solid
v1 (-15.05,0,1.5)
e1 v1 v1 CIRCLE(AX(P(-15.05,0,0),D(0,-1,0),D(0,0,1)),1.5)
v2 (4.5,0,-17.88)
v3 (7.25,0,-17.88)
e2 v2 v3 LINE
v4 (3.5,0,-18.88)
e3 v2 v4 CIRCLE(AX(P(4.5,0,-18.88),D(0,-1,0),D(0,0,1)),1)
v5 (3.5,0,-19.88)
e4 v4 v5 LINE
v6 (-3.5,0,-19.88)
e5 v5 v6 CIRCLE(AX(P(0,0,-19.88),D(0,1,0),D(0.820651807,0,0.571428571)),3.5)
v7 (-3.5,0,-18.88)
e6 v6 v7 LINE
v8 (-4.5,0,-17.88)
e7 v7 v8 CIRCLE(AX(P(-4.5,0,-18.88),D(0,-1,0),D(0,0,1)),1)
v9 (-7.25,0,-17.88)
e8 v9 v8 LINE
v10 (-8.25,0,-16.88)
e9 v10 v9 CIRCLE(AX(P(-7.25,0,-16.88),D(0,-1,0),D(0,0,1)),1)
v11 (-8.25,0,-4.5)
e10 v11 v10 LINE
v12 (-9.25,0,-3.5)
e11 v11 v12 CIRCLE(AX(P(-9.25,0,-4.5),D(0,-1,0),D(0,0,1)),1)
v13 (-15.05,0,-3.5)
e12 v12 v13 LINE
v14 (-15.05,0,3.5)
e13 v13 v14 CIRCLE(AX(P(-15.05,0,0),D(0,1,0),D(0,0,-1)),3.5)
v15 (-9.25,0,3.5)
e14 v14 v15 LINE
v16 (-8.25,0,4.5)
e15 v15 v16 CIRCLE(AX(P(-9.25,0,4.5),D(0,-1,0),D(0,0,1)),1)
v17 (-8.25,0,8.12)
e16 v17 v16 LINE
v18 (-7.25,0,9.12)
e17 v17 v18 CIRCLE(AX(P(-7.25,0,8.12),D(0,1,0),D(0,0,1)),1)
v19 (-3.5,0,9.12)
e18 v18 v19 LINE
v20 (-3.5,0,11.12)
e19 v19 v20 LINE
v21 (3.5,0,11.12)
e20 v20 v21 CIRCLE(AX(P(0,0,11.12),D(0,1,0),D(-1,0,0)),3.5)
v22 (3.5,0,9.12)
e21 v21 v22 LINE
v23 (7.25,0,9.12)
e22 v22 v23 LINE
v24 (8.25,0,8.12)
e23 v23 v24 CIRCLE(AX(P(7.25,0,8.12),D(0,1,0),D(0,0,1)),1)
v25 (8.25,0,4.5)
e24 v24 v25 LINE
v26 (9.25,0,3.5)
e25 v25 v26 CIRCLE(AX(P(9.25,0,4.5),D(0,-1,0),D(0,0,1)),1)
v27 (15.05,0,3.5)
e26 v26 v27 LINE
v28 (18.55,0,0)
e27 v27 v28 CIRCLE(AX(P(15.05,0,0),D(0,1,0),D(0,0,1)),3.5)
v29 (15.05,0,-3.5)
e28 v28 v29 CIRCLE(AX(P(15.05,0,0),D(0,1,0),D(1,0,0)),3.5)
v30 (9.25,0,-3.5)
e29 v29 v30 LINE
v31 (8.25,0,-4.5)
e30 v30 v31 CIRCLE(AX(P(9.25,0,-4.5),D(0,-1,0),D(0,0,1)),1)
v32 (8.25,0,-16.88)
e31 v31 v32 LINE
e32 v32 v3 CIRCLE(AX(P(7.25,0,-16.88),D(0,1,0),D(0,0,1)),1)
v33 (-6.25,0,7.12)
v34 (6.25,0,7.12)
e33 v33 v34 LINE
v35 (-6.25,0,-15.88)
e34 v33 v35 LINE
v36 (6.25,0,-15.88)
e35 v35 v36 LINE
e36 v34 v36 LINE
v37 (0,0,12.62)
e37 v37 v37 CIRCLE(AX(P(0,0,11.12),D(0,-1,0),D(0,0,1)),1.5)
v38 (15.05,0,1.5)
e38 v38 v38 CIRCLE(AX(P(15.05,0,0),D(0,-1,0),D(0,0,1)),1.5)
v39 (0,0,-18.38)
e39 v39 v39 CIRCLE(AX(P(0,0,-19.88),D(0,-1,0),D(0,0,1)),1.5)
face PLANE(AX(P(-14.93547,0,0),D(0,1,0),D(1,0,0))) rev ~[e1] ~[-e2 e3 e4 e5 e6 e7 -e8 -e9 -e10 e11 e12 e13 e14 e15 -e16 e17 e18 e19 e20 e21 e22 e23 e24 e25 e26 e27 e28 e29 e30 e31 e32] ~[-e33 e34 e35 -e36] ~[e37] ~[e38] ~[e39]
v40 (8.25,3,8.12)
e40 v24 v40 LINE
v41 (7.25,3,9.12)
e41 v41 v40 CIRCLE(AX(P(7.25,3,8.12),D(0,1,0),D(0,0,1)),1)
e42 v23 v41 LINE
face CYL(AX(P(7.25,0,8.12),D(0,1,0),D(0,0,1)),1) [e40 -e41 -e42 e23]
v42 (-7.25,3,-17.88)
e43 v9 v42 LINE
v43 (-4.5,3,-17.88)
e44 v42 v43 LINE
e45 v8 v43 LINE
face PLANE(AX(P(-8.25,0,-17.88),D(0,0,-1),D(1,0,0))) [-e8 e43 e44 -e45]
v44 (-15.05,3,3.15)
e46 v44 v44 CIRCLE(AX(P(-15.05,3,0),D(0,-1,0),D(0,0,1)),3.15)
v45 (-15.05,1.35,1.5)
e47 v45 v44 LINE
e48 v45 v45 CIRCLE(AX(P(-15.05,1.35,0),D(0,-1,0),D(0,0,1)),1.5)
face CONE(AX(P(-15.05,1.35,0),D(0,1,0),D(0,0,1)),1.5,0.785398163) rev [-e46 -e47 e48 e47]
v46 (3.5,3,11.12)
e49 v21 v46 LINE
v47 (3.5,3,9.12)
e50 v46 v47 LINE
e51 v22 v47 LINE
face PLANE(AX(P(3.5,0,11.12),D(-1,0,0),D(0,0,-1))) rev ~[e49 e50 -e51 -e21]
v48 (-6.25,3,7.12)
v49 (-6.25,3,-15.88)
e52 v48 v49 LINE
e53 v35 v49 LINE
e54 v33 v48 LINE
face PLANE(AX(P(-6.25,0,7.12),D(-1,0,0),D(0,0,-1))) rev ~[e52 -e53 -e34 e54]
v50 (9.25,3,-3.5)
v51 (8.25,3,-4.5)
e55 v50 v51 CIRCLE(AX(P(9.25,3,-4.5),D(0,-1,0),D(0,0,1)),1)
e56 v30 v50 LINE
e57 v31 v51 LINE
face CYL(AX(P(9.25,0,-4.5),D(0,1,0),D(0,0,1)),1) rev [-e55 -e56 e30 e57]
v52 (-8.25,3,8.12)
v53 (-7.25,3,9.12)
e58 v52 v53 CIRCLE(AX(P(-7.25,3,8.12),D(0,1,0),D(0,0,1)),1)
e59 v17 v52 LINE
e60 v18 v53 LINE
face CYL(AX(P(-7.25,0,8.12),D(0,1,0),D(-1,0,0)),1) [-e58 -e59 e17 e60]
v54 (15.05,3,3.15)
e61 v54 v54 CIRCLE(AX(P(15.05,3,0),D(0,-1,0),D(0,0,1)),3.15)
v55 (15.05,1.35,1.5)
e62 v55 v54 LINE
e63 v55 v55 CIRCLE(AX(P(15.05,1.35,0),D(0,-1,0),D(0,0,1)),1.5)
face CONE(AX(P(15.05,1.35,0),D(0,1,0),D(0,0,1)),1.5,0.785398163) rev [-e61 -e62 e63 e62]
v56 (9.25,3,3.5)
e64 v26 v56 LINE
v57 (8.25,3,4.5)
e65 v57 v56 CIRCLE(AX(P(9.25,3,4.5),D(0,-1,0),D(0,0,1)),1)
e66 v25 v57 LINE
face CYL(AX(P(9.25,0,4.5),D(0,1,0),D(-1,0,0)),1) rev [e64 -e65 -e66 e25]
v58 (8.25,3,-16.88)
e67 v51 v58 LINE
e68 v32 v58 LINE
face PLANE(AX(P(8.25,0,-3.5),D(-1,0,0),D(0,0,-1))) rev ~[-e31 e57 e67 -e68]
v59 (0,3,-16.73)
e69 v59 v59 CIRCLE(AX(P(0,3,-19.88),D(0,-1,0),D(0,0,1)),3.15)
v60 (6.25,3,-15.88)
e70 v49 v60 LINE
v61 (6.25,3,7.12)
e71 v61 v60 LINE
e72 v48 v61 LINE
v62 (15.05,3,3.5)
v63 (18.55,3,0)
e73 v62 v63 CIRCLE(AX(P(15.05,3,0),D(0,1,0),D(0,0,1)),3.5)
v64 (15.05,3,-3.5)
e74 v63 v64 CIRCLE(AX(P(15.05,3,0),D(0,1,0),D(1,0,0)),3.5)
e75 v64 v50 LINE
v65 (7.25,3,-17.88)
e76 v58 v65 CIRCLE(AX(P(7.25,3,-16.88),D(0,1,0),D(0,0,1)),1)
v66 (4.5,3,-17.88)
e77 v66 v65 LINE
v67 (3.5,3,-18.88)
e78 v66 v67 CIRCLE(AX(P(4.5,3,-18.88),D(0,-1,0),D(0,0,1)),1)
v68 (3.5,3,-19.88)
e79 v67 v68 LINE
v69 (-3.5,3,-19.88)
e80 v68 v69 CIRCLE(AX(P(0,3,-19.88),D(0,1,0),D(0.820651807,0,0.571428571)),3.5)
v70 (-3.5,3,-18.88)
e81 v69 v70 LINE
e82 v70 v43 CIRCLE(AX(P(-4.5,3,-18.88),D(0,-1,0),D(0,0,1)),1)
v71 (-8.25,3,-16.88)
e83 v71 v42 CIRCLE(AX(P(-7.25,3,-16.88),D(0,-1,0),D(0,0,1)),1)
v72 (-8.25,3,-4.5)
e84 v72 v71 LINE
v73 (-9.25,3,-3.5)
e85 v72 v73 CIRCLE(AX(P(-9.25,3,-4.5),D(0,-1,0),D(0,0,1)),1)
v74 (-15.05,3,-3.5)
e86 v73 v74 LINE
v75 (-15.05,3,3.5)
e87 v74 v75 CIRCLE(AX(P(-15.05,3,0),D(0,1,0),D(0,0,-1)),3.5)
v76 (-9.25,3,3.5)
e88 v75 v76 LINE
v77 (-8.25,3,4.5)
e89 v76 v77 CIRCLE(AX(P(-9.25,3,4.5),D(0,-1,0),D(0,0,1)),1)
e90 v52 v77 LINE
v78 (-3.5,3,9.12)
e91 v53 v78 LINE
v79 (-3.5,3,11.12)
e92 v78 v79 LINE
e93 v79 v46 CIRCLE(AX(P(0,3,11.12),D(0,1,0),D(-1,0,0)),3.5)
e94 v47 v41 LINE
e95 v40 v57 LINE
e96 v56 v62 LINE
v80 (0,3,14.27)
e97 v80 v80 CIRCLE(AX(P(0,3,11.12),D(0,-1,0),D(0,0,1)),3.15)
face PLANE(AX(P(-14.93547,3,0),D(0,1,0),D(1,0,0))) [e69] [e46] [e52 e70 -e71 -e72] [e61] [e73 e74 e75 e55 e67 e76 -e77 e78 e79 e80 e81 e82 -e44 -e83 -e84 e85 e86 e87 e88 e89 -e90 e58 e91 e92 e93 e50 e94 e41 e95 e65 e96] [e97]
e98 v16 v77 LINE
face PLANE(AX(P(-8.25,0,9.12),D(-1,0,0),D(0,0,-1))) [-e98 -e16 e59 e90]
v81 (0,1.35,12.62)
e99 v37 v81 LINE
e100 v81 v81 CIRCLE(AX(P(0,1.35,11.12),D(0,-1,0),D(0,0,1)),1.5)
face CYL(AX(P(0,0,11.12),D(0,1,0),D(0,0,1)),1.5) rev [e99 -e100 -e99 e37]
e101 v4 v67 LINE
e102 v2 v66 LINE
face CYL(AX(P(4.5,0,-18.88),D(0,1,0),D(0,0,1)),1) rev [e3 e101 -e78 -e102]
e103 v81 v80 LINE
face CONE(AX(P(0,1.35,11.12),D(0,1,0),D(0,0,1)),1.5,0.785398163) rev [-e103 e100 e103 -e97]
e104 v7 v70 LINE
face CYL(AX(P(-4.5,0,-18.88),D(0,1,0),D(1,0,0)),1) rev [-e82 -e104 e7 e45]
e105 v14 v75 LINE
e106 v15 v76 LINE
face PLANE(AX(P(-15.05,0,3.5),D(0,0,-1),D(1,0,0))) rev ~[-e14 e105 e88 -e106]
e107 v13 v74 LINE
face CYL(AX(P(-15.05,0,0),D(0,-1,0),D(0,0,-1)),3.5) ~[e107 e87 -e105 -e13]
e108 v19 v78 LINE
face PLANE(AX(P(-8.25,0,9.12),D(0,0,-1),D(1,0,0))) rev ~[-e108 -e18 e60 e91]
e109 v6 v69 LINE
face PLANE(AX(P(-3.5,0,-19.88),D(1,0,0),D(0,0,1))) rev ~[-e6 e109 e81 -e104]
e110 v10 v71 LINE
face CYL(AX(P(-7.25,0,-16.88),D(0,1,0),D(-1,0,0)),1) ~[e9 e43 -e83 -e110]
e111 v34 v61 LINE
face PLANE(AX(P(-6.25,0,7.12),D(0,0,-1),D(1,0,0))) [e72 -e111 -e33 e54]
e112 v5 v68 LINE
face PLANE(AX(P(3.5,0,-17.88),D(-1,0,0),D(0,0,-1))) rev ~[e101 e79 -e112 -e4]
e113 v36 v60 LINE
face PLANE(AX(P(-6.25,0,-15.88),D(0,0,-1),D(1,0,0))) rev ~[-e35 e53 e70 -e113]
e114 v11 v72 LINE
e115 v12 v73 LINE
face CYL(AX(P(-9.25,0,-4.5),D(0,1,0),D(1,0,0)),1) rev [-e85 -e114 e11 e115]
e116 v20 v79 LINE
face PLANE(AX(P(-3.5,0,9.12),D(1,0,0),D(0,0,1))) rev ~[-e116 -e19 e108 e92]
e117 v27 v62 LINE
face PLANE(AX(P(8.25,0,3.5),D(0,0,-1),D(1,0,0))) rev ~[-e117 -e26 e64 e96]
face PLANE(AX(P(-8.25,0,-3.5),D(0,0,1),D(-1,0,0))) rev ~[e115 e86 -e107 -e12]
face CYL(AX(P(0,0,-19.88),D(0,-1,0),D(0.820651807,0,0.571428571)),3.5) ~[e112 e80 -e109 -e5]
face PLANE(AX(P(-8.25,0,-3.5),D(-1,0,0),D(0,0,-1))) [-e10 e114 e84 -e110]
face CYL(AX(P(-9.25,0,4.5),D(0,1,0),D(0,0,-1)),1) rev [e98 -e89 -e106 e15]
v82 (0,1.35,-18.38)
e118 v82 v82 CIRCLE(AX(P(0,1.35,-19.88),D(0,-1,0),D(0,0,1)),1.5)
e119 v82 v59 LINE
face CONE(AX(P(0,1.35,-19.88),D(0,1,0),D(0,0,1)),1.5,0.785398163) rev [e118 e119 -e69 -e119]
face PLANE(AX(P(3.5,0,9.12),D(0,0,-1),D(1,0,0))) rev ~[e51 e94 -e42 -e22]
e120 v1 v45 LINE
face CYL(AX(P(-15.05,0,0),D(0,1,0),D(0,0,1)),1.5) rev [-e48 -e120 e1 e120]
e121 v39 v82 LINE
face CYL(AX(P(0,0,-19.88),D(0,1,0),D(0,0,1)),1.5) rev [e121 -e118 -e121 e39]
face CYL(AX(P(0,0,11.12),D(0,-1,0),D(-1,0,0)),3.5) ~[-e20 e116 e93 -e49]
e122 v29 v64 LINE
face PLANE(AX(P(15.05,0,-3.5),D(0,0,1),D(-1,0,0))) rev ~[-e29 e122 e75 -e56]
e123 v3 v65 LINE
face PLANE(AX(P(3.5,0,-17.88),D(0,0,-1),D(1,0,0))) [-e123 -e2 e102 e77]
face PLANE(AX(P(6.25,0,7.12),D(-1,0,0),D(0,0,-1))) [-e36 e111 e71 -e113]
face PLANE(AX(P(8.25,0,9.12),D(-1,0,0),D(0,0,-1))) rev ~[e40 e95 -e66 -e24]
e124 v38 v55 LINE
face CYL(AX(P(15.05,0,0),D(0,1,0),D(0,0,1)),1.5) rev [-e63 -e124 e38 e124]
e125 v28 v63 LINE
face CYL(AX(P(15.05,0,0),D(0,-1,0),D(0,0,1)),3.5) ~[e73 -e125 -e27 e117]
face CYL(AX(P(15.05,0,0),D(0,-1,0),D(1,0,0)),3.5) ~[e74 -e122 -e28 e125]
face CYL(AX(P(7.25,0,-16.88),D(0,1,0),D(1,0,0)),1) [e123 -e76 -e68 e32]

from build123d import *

# Parameters (mm, degrees)
SKETCH1_R                                      = 3.5
SKETCH1_W                                      = 16.5
SKETCH1_H                                      = 27
SKETCH1_W_2                                    = 12.5
SKETCH1_H_2                                    = 23
BOSS_EXTRUDE1_DEPTH                            = 3
FILLET1_R                                      = 1
CSK_FOR_M3_FLAT_HEAD_MACHINE_SCREW2_AT_2_COUNT = 2
CSK_FOR_M3_FLAT_HEAD_MACHINE_SCREW2_AT_2_PITCH = 30.1
CSK_FOR_M3_FLAT_HEAD_MACHINE_SCREW2_AT_3_COUNT = 2
CSK_FOR_M3_FLAT_HEAD_MACHINE_SCREW2_AT_3_PITCH = 18.712479793
CSK_FOR_M3_FLAT_HEAD_MACHINE_SCREW2_AT_4_COUNT = 2
CSK_FOR_M3_FLAT_HEAD_MACHINE_SCREW2_AT_4_PITCH = 24.934251543


with BuildPart() as part:
    # Sketch1 → Boss-Extrude1 (new body)
    with BuildSketch(Plane(origin=(0, 0, 0), x_dir=(1, 0, 0), z_dir=(0, 1, 0))):
        with BuildLine():
            ThreePointArc((-11.55, 0), (-12.575126266, 2.474873734), (-15.05, 3.5))
            ThreePointArc((-15.05, 3.5), (-18.55, 0), (-15.05, -3.5))
            ThreePointArc((-15.05, -3.5), (-12.575126266, -2.474873734), (-11.55, 0))
        make_face()
        with BuildLine():
            Line((-8.25, -3.5), (-8.25, 3.5))
            Line((-8.25, 3.5), (-15.05, 3.5))
            ThreePointArc((-15.05, 3.5), (-12.575126266, 2.474873734), (-11.55, 0))
            ThreePointArc((-11.55, 0), (-12.575126266, -2.474873734), (-15.05, -3.5))
            Line((-15.05, -3.5), (-8.25, -3.5))
        make_face()
        with Locations((0, -11.12)):
            Circle(SKETCH1_R)
        with Locations((0, 19.88)):
            Circle(SKETCH1_R)
        with Locations((0, 4.38)):
            Rectangle(SKETCH1_W, SKETCH1_H)
        with Locations((0, 4.38)):
            Rectangle(SKETCH1_W_2, SKETCH1_H_2, mode=Mode.SUBTRACT)
        with BuildLine():
            Line((-2.872281323, -9.12), (-3.5, -9.12))
            Line((-3.5, -9.12), (-3.5, -11.12))
            ThreePointArc((-3.5, -11.12), (-3.339385021, -10.071902827), (-2.872281323, -9.12))
        make_face()
        with BuildLine():
            ThreePointArc((2.872281323, -9.12), (0, -7.62), (-2.872281323, -9.12))
            Line((-2.872281323, -9.12), (2.872281323, -9.12))
        make_face()
        with BuildLine():
            Line((2.872281323, -9.12), (-2.872281323, -9.12))
            ThreePointArc((-2.872281323, -9.12), (-3.339385021, -10.071902827), (-3.5, -11.12))
            ThreePointArc((-3.5, -11.12), (0, -14.62), (3.5, -11.12))
            ThreePointArc((3.5, -11.12), (3.339385021, -10.071902827), (2.872281323, -9.12))
        make_face()
        with BuildLine():
            Line((3.5, -9.12), (2.872281323, -9.12))
            ThreePointArc((2.872281323, -9.12), (3.339385021, -10.071902827), (3.5, -11.12))
            Line((3.5, -11.12), (3.5, -9.12))
        make_face()
        with BuildLine():
            ThreePointArc((3.5, 19.88), (3.339385021, 18.831902827), (2.872281323, 17.88))
            Line((2.872281323, 17.88), (3.5, 17.88))
            Line((3.5, 17.88), (3.5, 19.88))
        make_face()
        with BuildLine():
            Line((2.872281323, 17.88), (-2.872281323, 17.88))
            ThreePointArc((-2.872281323, 17.88), (0, 16.38), (2.872281323, 17.88))
        make_face()
        with BuildLine():
            Line((-3.5, 19.88), (-3.5, 17.88))
            Line((-3.5, 17.88), (-2.872281323, 17.88))
            ThreePointArc((-2.872281323, 17.88), (-3.339385021, 18.831902827), (-3.5, 19.88))
        make_face()
        with BuildLine():
            ThreePointArc((-3.5, 19.88), (-3.339385021, 18.831902827), (-2.872281323, 17.88))
            Line((-2.872281323, 17.88), (2.872281323, 17.88))
            ThreePointArc((2.872281323, 17.88), (3.339385021, 18.831902827), (3.5, 19.88))
            ThreePointArc((3.5, 19.88), (0, 23.38), (-3.5, 19.88))
        make_face()
        with BuildLine():
            Line((15.05, 3.5), (8.25, 3.5))
            Line((8.25, 3.5), (8.25, -3.5))
            Line((8.25, -3.5), (15.05, -3.5))
            ThreePointArc((15.05, -3.5), (11.55, 0), (15.05, 3.5))
        make_face()
        with BuildLine():
            ThreePointArc((18.55, 0), (17.524873734, 2.474873734), (15.05, 3.5))
            ThreePointArc((15.05, 3.5), (11.55, 0), (15.05, -3.5))
            ThreePointArc((15.05, -3.5), (17.524873734, -2.474873734), (18.55, 0))
        make_face()
    extrude(amount=BOSS_EXTRUDE1_DEPTH)

    # Fillet1
    fillet1_edges = [part.edges().sort_by_distance(p)[0] for p in [
        (3.5, 1.5, -17.88),
        (8.25, 1.5, -17.88),
        (8.25, 1.5, -3.5),
        (8.25, 1.5, 3.5),
        (8.25, 1.5, 9.12),
        (-8.25, 1.5, 9.12),
        (-8.25, 1.5, 3.5),
        (-8.25, 1.5, -3.5),
        (-8.25, 1.5, -17.88),
        (-3.5, 1.5, -17.88),
    ]]
    fillet(fillet1_edges, radius=FILLET1_R)

    # Sketch2 → CSK for M3 Flat Head Machine Screw2 (revolve, cut)
    with BuildSketch(Plane(origin=(15.05, 3, 0), x_dir=(0, 0, 1), z_dir=(1, 0, 0))):
        Polygon((0, 0), (0, 3), (1.5, 3), (1.5, 1.65), (3.15, 0), align=None)
    csk_for_m3_flat_head_machine_screw2 = revolve(axis=Axis((15.05, 9.35, 0), (0, -1, 0)), mode=Mode.SUBTRACT)

    # CSK for M3 Flat Head Machine Screw2 at 2: CSK for M3 Flat Head Machine Screw2 ×2
    with Locations(*[(-i * CSK_FOR_M3_FLAT_HEAD_MACHINE_SCREW2_AT_2_PITCH, 0, 0) for i in range(1, CSK_FOR_M3_FLAT_HEAD_MACHINE_SCREW2_AT_2_COUNT)]):
        add(csk_for_m3_flat_head_machine_screw2, mode=Mode.SUBTRACT)

    # CSK for M3 Flat Head Machine Screw2 at 3: CSK for M3 Flat Head Machine Screw2 ×2
    with Locations(*[Vector(-0.804276086, 0, 0.594255819) * (i * CSK_FOR_M3_FLAT_HEAD_MACHINE_SCREW2_AT_3_PITCH) for i in range(1, CSK_FOR_M3_FLAT_HEAD_MACHINE_SCREW2_AT_3_COUNT)]):
        add(csk_for_m3_flat_head_machine_screw2, mode=Mode.SUBTRACT)

    # CSK for M3 Flat Head Machine Screw2 at 4: CSK for M3 Flat Head Machine Screw2 ×2
    with Locations(*[Vector(-0.603587398, 0, -0.797296841) * (i * CSK_FOR_M3_FLAT_HEAD_MACHINE_SCREW2_AT_4_PITCH) for i in range(1, CSK_FOR_M3_FLAT_HEAD_MACHINE_SCREW2_AT_4_COUNT)]):
        add(csk_for_m3_flat_head_machine_screw2, mode=Mode.SUBTRACT)


solid = part.part
